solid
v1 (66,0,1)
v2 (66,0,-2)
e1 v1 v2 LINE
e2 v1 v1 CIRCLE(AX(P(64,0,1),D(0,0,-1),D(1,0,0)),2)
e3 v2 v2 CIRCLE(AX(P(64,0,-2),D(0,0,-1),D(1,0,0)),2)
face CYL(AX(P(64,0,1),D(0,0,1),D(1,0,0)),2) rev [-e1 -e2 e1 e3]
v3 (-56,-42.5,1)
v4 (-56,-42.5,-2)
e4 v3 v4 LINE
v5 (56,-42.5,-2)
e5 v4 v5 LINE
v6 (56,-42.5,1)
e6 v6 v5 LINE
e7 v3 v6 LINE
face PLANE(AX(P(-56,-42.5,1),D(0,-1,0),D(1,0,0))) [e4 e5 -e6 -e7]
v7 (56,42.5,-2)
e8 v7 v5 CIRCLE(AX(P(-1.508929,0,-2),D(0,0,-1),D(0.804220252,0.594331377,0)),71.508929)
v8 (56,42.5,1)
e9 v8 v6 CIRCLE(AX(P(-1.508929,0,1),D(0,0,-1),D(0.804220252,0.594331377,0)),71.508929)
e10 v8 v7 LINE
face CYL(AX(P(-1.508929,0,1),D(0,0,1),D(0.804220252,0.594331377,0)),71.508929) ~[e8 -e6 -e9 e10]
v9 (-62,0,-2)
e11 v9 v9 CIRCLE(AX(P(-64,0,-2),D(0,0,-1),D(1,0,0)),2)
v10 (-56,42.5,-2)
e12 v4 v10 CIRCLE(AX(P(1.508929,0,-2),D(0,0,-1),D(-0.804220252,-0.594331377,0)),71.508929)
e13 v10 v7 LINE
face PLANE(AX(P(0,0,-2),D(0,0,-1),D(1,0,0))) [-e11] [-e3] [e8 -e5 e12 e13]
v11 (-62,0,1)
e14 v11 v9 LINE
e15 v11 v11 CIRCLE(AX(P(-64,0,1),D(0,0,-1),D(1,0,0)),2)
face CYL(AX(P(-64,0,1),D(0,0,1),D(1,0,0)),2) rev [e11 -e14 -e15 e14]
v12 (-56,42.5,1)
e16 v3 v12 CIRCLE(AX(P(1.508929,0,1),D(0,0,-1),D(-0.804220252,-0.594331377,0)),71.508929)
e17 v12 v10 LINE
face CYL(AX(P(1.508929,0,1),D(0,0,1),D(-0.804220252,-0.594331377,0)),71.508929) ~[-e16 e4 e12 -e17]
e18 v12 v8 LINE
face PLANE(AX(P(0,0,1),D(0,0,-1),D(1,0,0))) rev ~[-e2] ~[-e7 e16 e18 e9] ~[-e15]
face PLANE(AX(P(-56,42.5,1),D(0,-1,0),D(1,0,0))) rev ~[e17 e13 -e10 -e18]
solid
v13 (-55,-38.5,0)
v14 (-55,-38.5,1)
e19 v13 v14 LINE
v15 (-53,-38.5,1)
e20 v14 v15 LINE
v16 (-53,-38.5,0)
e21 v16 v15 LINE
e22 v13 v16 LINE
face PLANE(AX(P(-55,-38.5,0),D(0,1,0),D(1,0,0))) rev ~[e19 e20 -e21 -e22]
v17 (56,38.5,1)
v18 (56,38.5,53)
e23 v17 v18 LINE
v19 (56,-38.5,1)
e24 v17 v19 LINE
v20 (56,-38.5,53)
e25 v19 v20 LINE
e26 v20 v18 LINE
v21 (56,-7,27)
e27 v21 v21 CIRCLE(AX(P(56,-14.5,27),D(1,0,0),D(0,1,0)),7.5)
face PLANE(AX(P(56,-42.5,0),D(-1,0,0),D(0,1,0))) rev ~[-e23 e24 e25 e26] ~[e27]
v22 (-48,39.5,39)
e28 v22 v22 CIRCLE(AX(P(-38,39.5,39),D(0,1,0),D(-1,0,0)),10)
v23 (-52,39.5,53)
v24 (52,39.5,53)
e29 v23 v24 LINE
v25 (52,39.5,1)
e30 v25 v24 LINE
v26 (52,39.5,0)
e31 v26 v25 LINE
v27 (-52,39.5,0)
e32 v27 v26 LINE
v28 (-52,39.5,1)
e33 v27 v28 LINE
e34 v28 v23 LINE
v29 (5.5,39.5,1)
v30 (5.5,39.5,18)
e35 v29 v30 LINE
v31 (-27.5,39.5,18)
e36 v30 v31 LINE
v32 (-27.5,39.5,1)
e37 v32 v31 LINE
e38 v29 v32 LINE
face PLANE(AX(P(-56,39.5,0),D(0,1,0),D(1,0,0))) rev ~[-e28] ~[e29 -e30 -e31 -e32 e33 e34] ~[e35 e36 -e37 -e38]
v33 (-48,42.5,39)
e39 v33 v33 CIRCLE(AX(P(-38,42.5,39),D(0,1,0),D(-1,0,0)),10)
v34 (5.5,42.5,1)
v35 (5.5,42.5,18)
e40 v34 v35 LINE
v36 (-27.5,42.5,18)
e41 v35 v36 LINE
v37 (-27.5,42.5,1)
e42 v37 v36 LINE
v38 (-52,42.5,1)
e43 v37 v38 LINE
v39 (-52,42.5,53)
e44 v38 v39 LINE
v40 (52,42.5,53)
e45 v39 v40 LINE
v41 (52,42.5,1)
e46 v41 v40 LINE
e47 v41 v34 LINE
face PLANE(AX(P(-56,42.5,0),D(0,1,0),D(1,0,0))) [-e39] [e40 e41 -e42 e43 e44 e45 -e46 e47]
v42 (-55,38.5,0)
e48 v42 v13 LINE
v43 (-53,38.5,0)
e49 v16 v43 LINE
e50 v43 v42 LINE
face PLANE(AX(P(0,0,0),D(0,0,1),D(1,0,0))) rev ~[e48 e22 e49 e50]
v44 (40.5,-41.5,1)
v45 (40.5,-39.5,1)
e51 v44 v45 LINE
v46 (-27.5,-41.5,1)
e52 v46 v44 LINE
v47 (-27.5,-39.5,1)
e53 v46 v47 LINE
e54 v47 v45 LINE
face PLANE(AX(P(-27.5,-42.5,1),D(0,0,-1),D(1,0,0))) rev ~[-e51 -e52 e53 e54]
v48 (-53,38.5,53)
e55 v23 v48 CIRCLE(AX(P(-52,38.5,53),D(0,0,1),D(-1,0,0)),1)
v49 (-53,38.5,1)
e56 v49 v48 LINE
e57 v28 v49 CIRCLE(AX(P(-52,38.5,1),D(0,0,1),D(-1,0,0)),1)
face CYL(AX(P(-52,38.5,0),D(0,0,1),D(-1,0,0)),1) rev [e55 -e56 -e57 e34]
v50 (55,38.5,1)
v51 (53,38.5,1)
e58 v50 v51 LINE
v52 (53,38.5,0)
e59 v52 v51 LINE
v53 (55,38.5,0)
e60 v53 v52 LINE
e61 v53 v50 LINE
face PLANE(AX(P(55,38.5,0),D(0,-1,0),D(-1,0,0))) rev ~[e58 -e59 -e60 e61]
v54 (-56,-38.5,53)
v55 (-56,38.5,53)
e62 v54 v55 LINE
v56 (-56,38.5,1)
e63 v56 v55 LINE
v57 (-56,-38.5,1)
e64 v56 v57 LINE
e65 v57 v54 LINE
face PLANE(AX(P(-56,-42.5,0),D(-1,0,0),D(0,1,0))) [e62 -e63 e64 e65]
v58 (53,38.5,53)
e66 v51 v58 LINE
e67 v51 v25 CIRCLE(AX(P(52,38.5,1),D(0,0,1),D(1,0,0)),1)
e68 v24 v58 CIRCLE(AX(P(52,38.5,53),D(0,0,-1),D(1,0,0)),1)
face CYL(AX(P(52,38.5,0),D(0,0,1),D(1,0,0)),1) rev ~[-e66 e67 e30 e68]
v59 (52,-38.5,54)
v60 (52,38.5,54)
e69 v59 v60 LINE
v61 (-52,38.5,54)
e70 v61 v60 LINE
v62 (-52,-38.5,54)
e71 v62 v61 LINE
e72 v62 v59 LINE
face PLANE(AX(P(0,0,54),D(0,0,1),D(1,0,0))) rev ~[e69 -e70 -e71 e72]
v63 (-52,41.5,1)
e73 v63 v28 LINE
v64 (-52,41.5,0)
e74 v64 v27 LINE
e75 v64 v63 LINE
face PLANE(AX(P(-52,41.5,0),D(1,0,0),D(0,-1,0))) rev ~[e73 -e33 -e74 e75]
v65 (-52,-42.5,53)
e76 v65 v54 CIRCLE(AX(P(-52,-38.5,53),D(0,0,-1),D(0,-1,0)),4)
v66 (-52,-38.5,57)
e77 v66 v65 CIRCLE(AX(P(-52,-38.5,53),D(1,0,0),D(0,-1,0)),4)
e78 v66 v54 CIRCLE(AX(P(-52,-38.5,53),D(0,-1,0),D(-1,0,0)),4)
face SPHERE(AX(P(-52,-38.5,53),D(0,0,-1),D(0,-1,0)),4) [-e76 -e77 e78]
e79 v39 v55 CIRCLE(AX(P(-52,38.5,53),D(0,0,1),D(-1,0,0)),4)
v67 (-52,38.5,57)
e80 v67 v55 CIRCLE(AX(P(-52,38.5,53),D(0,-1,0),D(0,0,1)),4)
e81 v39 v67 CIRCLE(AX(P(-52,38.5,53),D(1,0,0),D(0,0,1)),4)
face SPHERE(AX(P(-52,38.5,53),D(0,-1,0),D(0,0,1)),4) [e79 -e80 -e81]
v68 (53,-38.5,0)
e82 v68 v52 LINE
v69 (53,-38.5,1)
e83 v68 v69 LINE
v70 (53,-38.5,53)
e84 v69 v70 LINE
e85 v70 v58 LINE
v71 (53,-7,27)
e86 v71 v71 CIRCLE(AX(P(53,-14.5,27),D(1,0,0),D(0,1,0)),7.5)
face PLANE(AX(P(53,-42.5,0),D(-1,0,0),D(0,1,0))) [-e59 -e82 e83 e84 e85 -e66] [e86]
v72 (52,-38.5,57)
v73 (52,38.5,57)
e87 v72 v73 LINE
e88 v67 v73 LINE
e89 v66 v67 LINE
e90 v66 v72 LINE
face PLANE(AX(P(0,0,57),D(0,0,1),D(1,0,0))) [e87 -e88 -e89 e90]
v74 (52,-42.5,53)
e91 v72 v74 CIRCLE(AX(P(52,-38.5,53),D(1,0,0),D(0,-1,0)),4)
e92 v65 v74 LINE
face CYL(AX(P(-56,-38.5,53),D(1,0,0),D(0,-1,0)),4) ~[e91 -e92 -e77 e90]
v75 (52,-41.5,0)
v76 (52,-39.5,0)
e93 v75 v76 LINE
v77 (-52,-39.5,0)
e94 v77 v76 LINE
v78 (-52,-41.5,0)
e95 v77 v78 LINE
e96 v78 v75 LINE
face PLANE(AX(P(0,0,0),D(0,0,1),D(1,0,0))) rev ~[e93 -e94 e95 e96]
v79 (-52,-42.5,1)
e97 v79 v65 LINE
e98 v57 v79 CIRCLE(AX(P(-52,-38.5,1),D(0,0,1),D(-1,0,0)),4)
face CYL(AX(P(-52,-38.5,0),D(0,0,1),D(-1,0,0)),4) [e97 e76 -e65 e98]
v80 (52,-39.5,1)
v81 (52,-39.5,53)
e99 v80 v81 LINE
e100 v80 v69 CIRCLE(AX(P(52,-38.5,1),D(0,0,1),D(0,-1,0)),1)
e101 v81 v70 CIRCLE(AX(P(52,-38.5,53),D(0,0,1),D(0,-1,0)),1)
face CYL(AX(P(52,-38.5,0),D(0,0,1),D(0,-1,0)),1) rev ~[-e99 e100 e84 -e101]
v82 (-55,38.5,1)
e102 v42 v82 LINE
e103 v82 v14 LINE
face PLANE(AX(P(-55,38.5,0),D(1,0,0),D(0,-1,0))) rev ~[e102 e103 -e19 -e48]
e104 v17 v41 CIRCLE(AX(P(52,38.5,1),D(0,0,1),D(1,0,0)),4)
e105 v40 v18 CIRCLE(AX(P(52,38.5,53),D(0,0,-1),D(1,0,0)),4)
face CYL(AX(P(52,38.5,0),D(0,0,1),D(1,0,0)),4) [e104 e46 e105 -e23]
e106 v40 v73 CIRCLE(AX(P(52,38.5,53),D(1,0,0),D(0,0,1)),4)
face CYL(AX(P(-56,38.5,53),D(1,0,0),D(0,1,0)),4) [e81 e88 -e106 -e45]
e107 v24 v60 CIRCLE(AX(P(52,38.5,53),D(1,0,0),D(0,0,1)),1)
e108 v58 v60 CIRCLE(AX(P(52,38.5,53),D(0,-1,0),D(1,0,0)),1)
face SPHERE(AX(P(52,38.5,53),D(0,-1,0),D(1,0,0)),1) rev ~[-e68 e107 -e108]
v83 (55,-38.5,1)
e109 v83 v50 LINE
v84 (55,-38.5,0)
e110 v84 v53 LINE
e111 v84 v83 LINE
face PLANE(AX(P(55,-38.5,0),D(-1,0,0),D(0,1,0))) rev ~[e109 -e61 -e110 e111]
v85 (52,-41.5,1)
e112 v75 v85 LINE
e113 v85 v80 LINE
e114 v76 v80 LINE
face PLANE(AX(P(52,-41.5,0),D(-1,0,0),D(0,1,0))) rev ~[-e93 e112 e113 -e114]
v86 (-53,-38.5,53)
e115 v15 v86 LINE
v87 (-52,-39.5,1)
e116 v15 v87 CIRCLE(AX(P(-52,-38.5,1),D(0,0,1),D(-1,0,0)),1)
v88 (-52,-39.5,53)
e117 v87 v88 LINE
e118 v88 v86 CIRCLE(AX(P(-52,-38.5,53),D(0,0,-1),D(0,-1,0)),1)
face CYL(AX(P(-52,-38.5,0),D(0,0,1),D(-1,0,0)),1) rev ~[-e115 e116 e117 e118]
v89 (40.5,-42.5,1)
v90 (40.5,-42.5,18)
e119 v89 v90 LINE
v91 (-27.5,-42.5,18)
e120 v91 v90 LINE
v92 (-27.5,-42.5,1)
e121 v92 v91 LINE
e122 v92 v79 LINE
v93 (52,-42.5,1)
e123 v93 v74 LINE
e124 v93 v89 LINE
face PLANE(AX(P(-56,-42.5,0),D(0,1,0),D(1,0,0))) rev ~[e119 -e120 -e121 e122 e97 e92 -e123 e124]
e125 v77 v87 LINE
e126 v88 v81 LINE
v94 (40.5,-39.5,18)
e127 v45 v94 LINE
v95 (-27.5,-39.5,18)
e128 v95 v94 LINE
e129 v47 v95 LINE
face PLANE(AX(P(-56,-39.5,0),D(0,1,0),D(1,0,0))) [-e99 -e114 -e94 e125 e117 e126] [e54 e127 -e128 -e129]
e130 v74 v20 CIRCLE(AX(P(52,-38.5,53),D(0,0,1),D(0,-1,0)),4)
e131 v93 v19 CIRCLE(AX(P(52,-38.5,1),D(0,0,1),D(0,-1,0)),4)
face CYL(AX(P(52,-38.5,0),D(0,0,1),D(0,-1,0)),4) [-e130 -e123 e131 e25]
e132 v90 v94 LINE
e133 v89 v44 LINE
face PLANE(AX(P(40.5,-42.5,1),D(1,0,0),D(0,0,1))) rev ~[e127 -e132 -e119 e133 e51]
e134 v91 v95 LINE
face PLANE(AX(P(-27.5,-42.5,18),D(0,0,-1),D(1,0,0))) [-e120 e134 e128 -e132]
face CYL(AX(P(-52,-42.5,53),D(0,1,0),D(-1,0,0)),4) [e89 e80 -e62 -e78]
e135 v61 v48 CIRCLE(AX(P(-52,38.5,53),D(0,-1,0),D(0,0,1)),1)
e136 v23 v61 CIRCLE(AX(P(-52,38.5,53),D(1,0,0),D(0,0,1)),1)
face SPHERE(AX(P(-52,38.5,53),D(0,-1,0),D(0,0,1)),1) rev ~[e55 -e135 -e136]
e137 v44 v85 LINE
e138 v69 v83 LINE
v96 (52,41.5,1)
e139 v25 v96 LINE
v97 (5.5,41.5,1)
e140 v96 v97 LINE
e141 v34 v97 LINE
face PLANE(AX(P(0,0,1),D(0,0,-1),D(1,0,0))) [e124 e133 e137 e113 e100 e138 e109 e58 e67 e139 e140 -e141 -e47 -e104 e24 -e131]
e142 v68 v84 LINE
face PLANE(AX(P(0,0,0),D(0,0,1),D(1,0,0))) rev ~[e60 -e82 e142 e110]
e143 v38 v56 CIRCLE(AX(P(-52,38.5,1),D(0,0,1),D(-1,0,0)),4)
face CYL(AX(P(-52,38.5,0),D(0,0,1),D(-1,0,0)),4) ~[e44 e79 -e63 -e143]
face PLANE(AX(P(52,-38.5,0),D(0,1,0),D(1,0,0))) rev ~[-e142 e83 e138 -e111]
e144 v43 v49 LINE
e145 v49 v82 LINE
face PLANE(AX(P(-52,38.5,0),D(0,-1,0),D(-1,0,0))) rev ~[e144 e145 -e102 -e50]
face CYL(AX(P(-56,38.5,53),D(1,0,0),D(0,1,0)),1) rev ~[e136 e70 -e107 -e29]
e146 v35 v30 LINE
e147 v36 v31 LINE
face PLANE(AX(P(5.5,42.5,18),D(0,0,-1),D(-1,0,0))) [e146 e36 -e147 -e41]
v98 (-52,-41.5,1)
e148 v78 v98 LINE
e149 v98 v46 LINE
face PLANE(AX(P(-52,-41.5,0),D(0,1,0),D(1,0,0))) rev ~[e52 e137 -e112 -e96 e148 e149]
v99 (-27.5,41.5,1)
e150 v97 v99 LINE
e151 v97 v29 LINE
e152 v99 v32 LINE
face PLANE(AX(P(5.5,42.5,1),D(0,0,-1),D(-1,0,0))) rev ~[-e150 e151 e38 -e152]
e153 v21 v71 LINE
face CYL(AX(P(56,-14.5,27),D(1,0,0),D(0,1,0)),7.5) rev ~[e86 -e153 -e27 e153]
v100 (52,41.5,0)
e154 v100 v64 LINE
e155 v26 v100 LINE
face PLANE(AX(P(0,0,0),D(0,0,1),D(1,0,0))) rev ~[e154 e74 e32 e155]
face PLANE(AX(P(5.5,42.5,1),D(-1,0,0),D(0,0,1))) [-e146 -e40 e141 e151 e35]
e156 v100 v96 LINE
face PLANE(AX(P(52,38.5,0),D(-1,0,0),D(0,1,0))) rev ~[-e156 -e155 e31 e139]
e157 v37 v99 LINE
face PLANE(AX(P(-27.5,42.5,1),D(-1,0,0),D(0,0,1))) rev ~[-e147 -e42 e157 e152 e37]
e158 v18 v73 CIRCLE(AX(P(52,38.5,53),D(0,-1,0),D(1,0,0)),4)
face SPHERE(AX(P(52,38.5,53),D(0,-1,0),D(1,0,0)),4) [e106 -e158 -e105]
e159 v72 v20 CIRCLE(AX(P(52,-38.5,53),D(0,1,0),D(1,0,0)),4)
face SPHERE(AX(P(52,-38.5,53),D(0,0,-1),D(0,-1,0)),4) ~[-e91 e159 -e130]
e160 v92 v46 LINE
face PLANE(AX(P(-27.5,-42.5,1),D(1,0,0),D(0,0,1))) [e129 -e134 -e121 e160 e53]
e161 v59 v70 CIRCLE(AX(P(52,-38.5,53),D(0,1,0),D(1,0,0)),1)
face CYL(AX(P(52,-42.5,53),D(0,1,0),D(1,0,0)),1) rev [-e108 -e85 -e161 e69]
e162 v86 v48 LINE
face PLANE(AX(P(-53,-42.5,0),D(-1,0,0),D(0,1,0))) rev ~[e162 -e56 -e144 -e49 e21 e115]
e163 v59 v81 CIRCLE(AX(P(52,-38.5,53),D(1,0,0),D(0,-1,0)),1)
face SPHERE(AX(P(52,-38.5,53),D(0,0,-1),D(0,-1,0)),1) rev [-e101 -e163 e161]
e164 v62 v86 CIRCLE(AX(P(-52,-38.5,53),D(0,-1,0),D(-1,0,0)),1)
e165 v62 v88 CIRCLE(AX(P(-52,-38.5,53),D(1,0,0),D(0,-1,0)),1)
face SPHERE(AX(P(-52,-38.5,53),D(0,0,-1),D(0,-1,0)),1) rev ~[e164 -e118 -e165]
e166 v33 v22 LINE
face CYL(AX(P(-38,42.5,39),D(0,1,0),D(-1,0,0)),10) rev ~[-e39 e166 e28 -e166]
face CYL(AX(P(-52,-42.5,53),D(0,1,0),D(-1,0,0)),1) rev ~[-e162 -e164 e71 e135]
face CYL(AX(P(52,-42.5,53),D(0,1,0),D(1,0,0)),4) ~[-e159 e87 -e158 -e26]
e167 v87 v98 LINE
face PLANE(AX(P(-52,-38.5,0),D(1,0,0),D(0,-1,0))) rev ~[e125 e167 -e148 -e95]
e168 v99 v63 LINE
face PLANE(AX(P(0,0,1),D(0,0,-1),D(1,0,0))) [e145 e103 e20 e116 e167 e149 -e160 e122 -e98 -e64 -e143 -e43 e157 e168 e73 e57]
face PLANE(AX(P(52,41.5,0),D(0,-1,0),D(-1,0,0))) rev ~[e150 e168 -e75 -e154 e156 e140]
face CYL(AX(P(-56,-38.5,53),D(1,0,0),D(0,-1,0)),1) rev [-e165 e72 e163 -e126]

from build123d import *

# Parameters (mm, degrees)
F0_W      = 112
F0_H      = 85
F1_DEPTH  = 57
F2_R      = 4
F3_T      = -3
F4_W      = 129.328548
F4_H      = 101.21753
F5_DEPTH  = 1
F6_W      = 112
F6_H      = 85
F6_R      = 2
F7_DEPTH  = 3
F8_W      = 68
F8_H      = 17
F9_DEPTH  = 3
F10_W     = 33
F10_H     = 17
F11_DEPTH = 3
F12_R     = 10
F13_DEPTH = 3
F14_R     = 7.5
F15_DEPTH = 3


with BuildPart() as f1:
    # F0 (on Top) → F1 (new body)
    with BuildSketch(Plane.XY):
        Rectangle(F0_W, F0_H)
    extrude(amount=F1_DEPTH)

    # F2
    f2_edges = [f1.edges().sort_by_distance(p)[0] for p in [
        (56, -42.5, 28.5),
        (-56, -42.5, 28.5),
        (0, -42.5, 57),
        (-56, 0, 57),
        (56, 0, 57),
        (56, 42.5, 28.5),
        (0, 42.5, 57),
        (-56, 42.5, 28.5),
    ]]
    fillet(f2_edges, radius=F2_R)

    # F3
    f3_openings = [f1.faces().sort_by_distance(p)[0] for p in [
        (0, 0, 0),
    ]]
    offset(amount=F3_T, openings=f3_openings)

    # F4 (on face) → F5 (cut)
    with BuildSketch(Plane(origin=(0, 0, 0), x_dir=(1, 0, 0), z_dir=(0, 0, -1))):
        Rectangle(F4_W, F4_H)
        Polygon((52, -38.5), (52, -41.5), (-52, -41.5), (-52, -38.5), (-55, -38.5), (-55, 38.5), (-53, 38.5), (-52, 38.5), (-52, 41.5), (52, 41.5), (52, 38.5), (55, 38.5), (55, -38.5), align=None, mode=Mode.SUBTRACT)
    extrude(amount=-F5_DEPTH, mode=Mode.SUBTRACT)

    # F8 (on face) → F9 (cut)
    with BuildSketch(Plane.XZ.offset(42.5)):
        with Locations((6.5, 9.5)):
            Rectangle(F8_W, F8_H)
    extrude(amount=-F9_DEPTH, mode=Mode.SUBTRACT)

    # F10 (on face) → F11 (cut)
    with BuildSketch(Plane(origin=(0, 42.5, 0), x_dir=(-1, 0, 0), z_dir=(0, 1, 0))):
        with Locations((11, 9.5)):
            Rectangle(F10_W, F10_H)
    extrude(amount=-F11_DEPTH, mode=Mode.SUBTRACT)

    # F12 (on face) → F13 (cut)
    with BuildSketch(Plane(origin=(0, 42.5, 0), x_dir=(-1, 0, 0), z_dir=(0, 1, 0))):
        with Locations((38, 39)):
            Circle(F12_R)
    extrude(amount=-F13_DEPTH, mode=Mode.SUBTRACT)

    # F14 (on face) → F15 (cut)
    with BuildSketch(Plane.YZ.offset(56)):
        with Locations((-14.5, 27)):
            Circle(F14_R)
    extrude(amount=-F15_DEPTH, mode=Mode.SUBTRACT)


with BuildPart() as f7:
    # F6 (on face) → F7 (new body)
    with BuildSketch(Plane(origin=(0, 0, 1), x_dir=(1, 0, 0), z_dir=(0, 0, -1))):
        Rectangle(F6_W, F6_H)
        with BuildLine():
            ThreePointArc((56, -42.5), (70, 0), (56, 42.5))
            Line((56, 42.5), (56, -42.5))
        make_face()
        with Locations((64, 0)):
            Circle(F6_R, mode=Mode.SUBTRACT)
        with BuildLine():
            Line((-56, -42.5), (-56, 42.5))
            ThreePointArc((-56, 42.5), (-70, 0), (-56, -42.5))
        make_face()
        with Locations((-64, 0)):
            Circle(F6_R, mode=Mode.SUBTRACT)
    extrude(amount=F7_DEPTH)


solid = Compound([f1.part, f7.part])
